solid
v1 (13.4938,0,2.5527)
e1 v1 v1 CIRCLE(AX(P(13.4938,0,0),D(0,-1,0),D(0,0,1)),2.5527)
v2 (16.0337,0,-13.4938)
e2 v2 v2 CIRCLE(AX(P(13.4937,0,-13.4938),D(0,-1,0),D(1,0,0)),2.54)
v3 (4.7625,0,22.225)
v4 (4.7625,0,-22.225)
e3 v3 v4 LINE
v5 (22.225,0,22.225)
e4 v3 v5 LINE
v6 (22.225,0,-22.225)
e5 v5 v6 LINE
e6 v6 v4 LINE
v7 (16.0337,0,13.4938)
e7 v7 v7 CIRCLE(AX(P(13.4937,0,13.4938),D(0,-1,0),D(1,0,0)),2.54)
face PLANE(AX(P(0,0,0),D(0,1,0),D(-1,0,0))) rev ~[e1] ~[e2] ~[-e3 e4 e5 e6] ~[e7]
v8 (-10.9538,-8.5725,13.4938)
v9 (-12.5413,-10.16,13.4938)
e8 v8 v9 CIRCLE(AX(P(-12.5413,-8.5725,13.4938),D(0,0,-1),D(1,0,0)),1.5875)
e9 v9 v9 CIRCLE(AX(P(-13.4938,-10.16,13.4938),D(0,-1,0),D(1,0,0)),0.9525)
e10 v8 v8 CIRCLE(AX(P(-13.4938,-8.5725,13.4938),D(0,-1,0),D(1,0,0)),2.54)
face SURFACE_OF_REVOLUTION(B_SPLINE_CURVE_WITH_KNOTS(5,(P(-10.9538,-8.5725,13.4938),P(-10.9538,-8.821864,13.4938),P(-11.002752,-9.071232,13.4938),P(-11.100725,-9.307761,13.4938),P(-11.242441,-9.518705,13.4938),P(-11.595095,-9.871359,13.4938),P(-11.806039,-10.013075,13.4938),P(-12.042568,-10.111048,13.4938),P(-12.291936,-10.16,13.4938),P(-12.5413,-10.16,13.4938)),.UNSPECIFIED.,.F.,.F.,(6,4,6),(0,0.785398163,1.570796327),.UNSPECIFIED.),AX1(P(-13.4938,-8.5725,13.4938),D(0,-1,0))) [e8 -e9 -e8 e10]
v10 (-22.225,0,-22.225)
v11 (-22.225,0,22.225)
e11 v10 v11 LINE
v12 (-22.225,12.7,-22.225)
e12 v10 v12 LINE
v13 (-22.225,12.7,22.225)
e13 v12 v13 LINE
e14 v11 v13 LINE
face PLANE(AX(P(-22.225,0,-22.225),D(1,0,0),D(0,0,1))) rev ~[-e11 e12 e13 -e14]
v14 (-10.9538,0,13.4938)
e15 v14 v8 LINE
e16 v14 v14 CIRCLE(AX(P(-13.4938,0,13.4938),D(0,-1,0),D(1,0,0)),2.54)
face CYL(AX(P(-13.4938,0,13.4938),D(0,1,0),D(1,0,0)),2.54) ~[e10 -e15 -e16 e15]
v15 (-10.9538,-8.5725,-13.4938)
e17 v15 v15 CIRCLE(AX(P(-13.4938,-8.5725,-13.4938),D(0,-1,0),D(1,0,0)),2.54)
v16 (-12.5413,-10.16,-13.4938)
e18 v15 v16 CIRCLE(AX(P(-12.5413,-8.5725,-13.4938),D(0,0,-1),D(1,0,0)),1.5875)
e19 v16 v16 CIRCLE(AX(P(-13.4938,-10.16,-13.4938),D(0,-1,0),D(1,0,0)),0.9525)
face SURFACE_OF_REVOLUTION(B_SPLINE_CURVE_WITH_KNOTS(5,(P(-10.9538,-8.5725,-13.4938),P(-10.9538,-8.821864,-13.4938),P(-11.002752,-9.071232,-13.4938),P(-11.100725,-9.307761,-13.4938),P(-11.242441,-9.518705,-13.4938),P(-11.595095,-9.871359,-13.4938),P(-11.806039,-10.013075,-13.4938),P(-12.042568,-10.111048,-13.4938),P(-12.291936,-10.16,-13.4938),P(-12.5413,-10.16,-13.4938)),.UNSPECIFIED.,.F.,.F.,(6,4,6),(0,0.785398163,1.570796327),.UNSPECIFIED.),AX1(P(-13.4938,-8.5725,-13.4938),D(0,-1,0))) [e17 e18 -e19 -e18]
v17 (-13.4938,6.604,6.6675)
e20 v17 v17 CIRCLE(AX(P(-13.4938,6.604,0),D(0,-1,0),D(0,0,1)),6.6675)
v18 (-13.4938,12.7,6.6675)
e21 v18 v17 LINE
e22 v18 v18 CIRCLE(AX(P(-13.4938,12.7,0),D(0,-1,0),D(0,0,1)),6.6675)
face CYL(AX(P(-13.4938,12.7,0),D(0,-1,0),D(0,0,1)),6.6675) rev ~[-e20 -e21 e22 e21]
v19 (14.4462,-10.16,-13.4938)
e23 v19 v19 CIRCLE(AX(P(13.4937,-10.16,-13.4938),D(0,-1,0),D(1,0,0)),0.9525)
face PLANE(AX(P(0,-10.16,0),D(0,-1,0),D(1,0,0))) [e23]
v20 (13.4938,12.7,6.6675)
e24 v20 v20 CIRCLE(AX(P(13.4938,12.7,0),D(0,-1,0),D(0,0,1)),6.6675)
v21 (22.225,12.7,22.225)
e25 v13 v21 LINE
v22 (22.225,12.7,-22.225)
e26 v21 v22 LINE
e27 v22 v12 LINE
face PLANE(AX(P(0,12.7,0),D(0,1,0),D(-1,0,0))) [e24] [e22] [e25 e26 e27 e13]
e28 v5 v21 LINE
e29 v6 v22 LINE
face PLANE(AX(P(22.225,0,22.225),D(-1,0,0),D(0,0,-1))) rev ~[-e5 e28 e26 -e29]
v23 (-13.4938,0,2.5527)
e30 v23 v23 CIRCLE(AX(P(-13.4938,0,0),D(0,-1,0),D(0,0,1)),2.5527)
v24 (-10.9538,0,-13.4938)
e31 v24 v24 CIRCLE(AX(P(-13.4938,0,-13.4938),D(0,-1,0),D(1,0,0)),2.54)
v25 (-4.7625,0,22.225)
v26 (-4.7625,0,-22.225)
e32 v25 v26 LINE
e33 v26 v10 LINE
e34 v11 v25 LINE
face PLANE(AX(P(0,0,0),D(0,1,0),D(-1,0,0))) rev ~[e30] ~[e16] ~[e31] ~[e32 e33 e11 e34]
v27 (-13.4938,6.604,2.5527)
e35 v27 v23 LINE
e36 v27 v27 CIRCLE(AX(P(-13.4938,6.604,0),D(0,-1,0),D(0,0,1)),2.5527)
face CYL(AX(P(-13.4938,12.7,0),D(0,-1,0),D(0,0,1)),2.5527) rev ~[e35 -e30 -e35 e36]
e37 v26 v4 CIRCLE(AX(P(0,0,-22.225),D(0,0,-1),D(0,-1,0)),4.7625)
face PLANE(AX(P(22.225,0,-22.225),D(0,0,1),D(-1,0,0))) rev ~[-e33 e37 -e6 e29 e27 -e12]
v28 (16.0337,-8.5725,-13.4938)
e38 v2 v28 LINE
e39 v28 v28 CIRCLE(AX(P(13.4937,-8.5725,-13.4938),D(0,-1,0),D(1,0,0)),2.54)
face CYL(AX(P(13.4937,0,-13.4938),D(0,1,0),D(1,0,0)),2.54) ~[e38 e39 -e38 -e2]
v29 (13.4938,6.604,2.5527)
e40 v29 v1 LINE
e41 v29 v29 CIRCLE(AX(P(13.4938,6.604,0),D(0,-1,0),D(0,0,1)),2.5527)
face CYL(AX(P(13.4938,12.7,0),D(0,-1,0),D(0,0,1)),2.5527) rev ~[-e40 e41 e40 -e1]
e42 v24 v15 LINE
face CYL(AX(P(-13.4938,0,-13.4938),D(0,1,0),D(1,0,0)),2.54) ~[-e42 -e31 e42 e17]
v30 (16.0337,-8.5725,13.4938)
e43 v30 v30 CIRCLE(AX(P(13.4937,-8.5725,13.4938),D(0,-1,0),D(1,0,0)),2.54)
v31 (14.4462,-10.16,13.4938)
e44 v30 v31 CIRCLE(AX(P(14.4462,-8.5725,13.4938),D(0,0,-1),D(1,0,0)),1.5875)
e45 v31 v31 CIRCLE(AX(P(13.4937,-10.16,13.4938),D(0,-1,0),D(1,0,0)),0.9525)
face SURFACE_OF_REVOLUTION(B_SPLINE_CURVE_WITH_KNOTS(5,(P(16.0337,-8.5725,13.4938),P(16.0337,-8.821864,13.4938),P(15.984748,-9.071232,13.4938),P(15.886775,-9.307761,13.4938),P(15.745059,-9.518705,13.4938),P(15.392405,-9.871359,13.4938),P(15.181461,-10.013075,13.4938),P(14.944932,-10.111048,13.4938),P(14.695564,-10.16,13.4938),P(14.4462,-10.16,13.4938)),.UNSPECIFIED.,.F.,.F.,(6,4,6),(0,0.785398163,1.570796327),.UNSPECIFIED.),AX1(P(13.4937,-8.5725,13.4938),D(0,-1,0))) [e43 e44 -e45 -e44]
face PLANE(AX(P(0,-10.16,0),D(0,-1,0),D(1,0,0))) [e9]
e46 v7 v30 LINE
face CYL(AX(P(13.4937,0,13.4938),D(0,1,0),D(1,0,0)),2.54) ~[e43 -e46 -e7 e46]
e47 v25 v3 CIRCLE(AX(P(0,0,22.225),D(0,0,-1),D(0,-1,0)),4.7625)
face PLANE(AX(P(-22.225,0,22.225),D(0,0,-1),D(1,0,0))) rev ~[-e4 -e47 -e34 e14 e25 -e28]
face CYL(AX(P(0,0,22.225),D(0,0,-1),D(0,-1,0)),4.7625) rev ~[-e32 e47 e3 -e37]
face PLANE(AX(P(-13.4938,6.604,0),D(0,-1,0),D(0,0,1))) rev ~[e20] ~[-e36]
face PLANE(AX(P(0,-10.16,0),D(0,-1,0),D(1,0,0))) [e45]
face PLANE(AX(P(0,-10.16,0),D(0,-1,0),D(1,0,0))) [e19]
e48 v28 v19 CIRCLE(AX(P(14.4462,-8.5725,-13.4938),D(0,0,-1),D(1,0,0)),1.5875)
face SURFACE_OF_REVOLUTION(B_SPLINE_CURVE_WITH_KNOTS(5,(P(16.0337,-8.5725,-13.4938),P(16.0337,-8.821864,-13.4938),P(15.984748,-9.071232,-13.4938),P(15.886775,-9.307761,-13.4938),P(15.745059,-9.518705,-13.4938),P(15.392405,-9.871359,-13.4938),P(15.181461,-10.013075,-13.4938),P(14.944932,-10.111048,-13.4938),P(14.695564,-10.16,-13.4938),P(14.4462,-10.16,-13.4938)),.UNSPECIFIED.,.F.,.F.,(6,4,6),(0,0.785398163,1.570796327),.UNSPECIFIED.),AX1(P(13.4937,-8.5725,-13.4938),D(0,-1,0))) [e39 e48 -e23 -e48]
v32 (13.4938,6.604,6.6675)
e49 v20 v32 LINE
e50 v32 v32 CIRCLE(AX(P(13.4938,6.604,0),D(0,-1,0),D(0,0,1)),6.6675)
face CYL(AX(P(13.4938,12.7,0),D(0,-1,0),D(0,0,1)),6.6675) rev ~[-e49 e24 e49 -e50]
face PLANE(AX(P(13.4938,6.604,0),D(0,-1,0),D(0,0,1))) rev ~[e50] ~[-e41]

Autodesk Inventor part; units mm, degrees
ref_plane "YZ Plane" through (0, 0, 0) normal (1, 0, 0) x (0, 1, 0)
ref_plane "XZ Plane" through (0, 0, 0) normal (0, 1, 0) x (-1, 0, 0)
ref_plane "XY Plane" through (0, 0, 0) normal (0, 0, 1) x (1, 0, 0)
sketch "Sketch5" plane through (0, 0, 0) normal (0, 1, 0) x (-1, 0, 0)
  line L0 (-22.225, 22.225) -> (-22.225, -22.225)
  line L1 (-22.225, -22.225) -> (22.225, -22.225)
  line L2 (22.225, -22.225) -> (22.225, 22.225)
  line L3 (22.225, 22.225) -> (-22.225, 22.225)
  line L4 (-22.225, 22.225) -> (22.225, -22.225) construction
  line L5 (-22.225, -22.225) -> (22.225, 22.225) construction
  point P0 (0, 0)
  dimension "d23" = 44.45
extrude "Extrusion3" add sketch "Sketch5" along normal blind 12.7
sketch "Sketch6" plane through (-22.225, 0, 22.225) normal (0, 0, 1) x (1, 0, 0)
  point P0 (22.225, 0)
  point P1 (22.225, 0)
hole "Hole2" at (0, 0, 22.225) direction (0, 0, -1) diameter 9.525 end through all
sketch "Sketch7" plane through (0, 12.7, 0) normal (0, 1, 0) x (1, 0, 0)
  line L0 (-22.225, 22.225) -> (-22.225, -22.225) projected
  line L1 (22.225, -22.225) -> (22.225, 22.225) projected
  line L2 (-22.225, -22.225) -> (22.225, -22.225) projected
  point P0 (0, 0)
  point P1 (-13.4938, 0)
  point P2 (13.4938, 0)
  dimension "d33" = 8.7312
  dimension "d34" = 8.7312
  dimension "d53" = 22.225
  dimension "d54" = 22.225
hole "Hole3" at (-13.4938, 12.7, 0) at (13.4938, 12.7, 0) direction (0, -1, 0) diameter 13.335 depth 6.096
sketch "Sketch8" plane through (0, 12.7, 0) normal (0, 1, 0) x (1, 0, 0)
  line L0 (-22.225, 22.225) -> (-22.225, -22.225) projected
  line L1 (22.225, -22.225) -> (22.225, 22.225) projected
  line L2 (-22.225, -22.225) -> (22.225, -22.225) projected
  point P0 (0, 0)
  point P1 (-13.4938, 0)
  point P2 (13.4938, 0)
  dimension "d42" = 8.7312
  dimension "d43" = 8.7312
  dimension "d51" = 22.225
  dimension "d52" = 22.225
hole "Hole4" at (-13.4938, 12.7, 0) at (13.4938, 12.7, 0) direction (0, -1, 0) diameter 5.1054 end through all clearance for "Flat Head Machine Screw (82)" size "#10" standard "Ansi Unified Screw Threads"
sketch "Sketch9" plane through (0, 0, 0) normal (0, -1, 0) x (1, 0, 0)
  line L0 (-13.4938, -13.4938) -> (13.4937, -13.4938) construction
  line L1 (13.4937, -13.4938) -> (13.4937, 13.4938) construction
  line L2 (13.4937, 13.4938) -> (-13.4938, 13.4938) construction
  line L3 (-13.4938, 13.4938) -> (-13.4938, -13.4938) construction
  line L4 (-13.4938, -13.4938) -> (13.4937, 13.4938) construction
  line L5 (13.4937, -13.4938) -> (-13.4938, 13.4938) construction
  line L6 (-4.7625, -22.225) -> (-22.225, -22.225) construction
  line L7 (-22.225, -22.225) -> (-22.225, 22.225) construction
  circle A0 centre (-13.4938, -13.4938) radius 2.54
  circle A1 centre (13.4937, -13.4938) radius 2.54
  circle A2 centre (13.4937, 13.4938) radius 2.54
  circle A3 centre (-13.4938, 13.4938) radius 2.54
  point P0 (0, 0)
  dimension "d55" = 8.7312
  dimension "d56" = 8.7312
  dimension "d57" = 5.08
extrude "Extrusion4" add sketch "Sketch9" along normal blind 10.16
fillet "Fillet1" radius 1.5875 4 edges at (-16.0338, -10.16, 13.4938) (10.9537, -10.16, 13.4938) (10.9537, -10.16, -13.4938) (-16.0338, -10.16, -13.4938)
equation "\"d23\" = basewidth"
equation "\"d24\" = heightOfTopSection"
equation "\"d26\" = topHoleDiam"
equation "\"d33\" = edgeToBoltHole"
equation "\"d34\" = edgeToBoltHole"
equation "\"d53\" = 0.5 * basewidth"
equation "\"d54\" = 0.5 * basewidth"
equation "\"d35\" = washerDiam"
equation "\"d40\" = depthForSocketHead"
equation "\"d42\" = edgeToBoltHole"
equation "\"d43\" = edgeToBoltHole"
equation "\"d51\" = 0.5 * basewidth"
equation "\"d52\" = 0.5 * basewidth"
equation "\"d55\" = edgeToBoltHole"
equation "\"d56\" = edgeToBoltHole"
equation "\"d57\" = supportHoleDiam"
equation "\"d58\" = supportHoleLength"
equation "\"bottomHoleDiam\" = 9.525"
equation "\"basewidth\" = 44.45"
equation "\"deltaBottomToTop\" = 25.4"
equation "\"d0\" = basewidth"
equation "\"d1\" = heightOfBottomHole"
equation "\"d2\" = 0"
equation "\"d3\" = bottomHoleDiam"
equation "\"d5\" = 0"
equation "\"topHoleDiam\" = 9.525"
equation "\"height\" = deltaBottomToTop + heightOfBottomHole + heightOfTopHole"
equation "\"heightOfTopSection\" = 12.7"
equation "\"edgeToBoltHole\" = -0.25 * bottomHoleDiam + 0.25 * basewidth"
equation "\"washerDiam\" = 13.335"
equation "\"depthForSocketHead\" = 6.096"
equation "\"heightOfTopSupport\" = 12.7"
equation "\"baseLength\" = 44.45"
equation "\"supportHoleDiam\" = 5.08"
equation "\"supportHoleLength\" = 10.16"
equation "\"heightOfBottomHole\" = 11.1125"
equation "\"heightOfTopHole\" = 11.1125"
properties part number "TopOfSquareSupport" material "PC/ABS Plastic"
